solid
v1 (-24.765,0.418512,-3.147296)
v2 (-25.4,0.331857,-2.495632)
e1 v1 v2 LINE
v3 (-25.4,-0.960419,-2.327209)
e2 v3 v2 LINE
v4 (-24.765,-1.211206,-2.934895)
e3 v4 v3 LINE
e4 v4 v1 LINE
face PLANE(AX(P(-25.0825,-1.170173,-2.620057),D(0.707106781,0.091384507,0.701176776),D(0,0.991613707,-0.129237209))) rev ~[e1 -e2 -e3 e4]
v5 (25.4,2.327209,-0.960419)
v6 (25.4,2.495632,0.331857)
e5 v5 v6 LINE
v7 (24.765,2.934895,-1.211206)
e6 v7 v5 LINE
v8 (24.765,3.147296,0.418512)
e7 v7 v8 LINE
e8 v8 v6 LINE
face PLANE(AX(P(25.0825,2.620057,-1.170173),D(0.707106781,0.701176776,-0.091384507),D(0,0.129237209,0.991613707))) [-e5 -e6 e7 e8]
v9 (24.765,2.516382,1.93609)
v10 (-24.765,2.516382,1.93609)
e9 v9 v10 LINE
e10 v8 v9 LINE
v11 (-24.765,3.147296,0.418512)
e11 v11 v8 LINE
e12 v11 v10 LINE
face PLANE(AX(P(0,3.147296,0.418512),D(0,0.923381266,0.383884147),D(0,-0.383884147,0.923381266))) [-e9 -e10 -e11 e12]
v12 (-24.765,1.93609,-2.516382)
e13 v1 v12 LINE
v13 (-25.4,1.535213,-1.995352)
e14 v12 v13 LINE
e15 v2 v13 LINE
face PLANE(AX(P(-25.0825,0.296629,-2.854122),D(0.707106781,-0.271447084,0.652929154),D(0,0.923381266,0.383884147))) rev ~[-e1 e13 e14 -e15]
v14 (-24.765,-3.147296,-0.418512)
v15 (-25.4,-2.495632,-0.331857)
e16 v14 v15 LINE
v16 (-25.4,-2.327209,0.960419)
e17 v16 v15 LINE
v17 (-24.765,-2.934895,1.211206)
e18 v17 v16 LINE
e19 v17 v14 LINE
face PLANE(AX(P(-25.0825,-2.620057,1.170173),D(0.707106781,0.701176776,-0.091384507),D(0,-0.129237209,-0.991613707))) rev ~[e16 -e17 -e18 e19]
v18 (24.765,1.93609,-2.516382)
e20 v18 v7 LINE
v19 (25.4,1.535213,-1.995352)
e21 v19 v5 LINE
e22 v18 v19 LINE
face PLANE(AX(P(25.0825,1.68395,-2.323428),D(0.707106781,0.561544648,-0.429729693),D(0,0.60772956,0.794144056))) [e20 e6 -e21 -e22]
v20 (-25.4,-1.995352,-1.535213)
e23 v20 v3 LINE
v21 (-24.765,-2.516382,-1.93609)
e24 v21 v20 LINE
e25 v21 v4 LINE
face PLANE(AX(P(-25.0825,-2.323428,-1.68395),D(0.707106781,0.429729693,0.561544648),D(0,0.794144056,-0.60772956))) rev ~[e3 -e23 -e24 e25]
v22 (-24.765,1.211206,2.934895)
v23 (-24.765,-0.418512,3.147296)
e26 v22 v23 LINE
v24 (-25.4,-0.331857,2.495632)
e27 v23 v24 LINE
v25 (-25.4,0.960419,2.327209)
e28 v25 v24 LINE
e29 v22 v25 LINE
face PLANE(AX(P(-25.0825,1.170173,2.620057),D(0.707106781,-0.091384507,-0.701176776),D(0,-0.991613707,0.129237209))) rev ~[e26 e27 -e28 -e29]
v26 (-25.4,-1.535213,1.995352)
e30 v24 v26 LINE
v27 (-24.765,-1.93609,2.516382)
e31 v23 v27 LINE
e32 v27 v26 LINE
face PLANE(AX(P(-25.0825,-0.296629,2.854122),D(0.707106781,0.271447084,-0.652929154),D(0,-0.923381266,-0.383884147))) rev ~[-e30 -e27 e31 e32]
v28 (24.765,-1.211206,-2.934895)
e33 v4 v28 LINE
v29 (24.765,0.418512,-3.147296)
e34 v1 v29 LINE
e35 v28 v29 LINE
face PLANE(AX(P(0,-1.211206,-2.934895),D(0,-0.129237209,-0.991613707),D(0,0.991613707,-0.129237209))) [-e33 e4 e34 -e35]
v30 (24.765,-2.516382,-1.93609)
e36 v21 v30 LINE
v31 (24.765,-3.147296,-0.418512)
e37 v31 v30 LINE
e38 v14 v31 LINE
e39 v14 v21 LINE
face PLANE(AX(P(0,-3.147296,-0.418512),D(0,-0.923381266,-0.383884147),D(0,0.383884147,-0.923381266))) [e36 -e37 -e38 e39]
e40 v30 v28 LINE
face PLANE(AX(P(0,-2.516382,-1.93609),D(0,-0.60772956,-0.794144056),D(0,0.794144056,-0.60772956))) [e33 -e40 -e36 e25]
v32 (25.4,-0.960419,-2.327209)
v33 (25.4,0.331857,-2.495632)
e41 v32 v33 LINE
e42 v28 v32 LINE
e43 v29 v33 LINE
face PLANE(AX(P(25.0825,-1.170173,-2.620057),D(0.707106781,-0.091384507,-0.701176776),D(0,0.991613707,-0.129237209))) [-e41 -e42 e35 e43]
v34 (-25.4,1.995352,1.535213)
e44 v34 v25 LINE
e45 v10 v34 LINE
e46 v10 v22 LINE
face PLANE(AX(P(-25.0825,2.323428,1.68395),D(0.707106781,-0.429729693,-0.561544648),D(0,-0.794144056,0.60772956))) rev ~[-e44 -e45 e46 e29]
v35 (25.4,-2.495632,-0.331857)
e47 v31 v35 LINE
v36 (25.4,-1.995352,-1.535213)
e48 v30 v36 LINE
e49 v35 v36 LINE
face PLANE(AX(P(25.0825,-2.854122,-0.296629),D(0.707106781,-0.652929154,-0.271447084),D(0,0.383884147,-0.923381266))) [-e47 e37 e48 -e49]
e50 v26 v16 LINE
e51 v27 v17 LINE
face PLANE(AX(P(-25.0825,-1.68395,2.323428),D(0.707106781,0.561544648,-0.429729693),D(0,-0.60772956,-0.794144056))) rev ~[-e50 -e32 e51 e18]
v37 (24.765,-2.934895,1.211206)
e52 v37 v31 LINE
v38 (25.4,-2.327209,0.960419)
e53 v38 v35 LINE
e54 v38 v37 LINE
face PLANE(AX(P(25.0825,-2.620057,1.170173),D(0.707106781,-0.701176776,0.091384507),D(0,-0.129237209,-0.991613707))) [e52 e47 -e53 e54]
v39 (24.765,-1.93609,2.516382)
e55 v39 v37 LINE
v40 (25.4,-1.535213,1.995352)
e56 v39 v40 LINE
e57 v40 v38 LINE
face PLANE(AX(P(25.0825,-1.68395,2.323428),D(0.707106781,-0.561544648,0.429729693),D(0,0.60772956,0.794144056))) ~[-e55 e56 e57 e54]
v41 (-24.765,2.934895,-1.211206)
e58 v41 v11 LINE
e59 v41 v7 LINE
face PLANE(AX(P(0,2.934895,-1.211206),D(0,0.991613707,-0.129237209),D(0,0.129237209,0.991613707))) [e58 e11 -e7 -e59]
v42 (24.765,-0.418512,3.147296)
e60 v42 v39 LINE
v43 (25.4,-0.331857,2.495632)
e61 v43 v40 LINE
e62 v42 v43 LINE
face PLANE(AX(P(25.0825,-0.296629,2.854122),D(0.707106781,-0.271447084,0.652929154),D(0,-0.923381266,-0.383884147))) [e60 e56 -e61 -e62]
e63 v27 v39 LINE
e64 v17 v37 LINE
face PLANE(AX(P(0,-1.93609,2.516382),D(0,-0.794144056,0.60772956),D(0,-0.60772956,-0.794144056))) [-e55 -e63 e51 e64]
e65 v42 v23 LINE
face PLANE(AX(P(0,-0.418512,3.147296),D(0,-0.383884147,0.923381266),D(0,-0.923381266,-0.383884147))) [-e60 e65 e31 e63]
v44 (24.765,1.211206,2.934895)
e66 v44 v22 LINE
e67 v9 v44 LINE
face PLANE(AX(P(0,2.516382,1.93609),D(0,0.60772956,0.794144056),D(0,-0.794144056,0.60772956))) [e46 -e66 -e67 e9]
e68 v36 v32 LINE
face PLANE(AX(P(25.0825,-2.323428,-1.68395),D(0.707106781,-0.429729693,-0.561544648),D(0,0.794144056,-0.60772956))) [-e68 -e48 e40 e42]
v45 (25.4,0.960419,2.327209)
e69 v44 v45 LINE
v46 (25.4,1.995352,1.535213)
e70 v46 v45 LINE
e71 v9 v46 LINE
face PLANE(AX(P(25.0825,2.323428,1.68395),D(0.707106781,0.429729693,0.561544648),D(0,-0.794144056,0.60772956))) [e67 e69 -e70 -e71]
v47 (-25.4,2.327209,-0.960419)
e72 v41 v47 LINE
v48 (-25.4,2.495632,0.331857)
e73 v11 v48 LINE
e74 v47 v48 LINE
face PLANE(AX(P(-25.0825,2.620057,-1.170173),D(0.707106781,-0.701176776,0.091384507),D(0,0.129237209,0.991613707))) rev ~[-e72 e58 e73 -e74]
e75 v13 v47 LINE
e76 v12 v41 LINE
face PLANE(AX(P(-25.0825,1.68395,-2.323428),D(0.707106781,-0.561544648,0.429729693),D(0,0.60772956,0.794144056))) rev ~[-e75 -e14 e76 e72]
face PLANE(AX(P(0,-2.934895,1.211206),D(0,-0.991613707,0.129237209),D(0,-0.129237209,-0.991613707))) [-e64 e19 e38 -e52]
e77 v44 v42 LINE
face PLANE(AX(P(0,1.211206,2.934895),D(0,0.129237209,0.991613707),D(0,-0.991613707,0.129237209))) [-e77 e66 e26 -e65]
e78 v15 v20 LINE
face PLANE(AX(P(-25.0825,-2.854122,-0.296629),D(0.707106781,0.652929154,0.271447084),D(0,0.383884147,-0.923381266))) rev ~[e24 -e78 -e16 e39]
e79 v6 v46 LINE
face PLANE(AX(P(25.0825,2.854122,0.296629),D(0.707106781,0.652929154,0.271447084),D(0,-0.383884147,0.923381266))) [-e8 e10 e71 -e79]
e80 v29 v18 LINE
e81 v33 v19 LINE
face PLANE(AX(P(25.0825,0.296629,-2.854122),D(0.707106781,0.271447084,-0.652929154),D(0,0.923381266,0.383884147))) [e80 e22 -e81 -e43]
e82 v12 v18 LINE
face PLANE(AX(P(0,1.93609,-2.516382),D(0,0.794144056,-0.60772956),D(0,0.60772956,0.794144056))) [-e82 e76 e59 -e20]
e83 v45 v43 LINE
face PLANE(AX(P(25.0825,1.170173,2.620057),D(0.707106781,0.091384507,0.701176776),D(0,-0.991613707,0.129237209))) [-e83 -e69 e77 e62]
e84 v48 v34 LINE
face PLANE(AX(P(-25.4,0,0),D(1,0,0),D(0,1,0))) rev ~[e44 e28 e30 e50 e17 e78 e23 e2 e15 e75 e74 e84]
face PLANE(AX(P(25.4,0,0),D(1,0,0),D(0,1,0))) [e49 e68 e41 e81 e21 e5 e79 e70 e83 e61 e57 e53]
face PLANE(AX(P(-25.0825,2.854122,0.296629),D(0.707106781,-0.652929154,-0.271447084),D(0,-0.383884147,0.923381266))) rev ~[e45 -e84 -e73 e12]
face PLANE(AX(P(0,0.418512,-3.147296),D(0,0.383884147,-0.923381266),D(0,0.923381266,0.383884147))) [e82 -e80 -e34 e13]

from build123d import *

# Parameters (mm, degrees)
F1_DEPTH = 25.4
F2_SIZE  = 0.635


with BuildPart() as f1:
    # F0 (on Right) → F1 (new body, symmetric)
    with BuildSketch(Plane.YZ):
        Polygon((-0.4185124813, 3.1472960304), (-1.9360904558, 2.5163820749), (-2.9348945562, 1.2112055746), (-3.1472960304, -0.4185124813), (-2.5163820749, -1.9360904558), (-1.2112055746, -2.9348945562), (0.4185124813, -3.1472960304), (1.9360904558, -2.5163820749), (2.9348945562, -1.2112055746), (3.1472960304, 0.4185124813), (2.5163820749, 1.9360904558), (1.2112055746, 2.9348945562), align=None)
    extrude(amount=F1_DEPTH, both=True)

    # F2
    f2_edges = [f1.edges().sort_by_distance(p)[0] for p in [
        (25.4, 1.177301, -2.831839),
        (25.4, 2.435493, -1.863794),
        (25.4, 3.041095, -0.396347),
        (25.4, 2.831839, 1.177301),
        (25.4, 1.863794, 2.435493),
        (25.4, 0.396347, 3.041095),
        (25.4, -1.177301, 2.831839),
        (25.4, -2.435493, 1.863794),
        (25.4, -3.041095, 0.396347),
        (25.4, -2.831839, -1.177301),
        (25.4, -1.863794, -2.435493),
        (25.4, -0.396347, -3.041095),
        (-25.4, 1.177301, -2.831839),
        (-25.4, 2.435493, -1.863794),
        (-25.4, 3.041095, -0.396347),
        (-25.4, 2.831839, 1.177301),
        (-25.4, 1.863794, 2.435493),
        (-25.4, 0.396347, 3.041095),
        (-25.4, -1.177301, 2.831839),
        (-25.4, -2.435493, 1.863794),
        (-25.4, -3.041095, 0.396347),
        (-25.4, -2.831839, -1.177301),
        (-25.4, -1.863794, -2.435493),
        (-25.4, -0.396347, -3.041095),
    ]]
    chamfer(f2_edges, length=F2_SIZE)


solid = f1.part
